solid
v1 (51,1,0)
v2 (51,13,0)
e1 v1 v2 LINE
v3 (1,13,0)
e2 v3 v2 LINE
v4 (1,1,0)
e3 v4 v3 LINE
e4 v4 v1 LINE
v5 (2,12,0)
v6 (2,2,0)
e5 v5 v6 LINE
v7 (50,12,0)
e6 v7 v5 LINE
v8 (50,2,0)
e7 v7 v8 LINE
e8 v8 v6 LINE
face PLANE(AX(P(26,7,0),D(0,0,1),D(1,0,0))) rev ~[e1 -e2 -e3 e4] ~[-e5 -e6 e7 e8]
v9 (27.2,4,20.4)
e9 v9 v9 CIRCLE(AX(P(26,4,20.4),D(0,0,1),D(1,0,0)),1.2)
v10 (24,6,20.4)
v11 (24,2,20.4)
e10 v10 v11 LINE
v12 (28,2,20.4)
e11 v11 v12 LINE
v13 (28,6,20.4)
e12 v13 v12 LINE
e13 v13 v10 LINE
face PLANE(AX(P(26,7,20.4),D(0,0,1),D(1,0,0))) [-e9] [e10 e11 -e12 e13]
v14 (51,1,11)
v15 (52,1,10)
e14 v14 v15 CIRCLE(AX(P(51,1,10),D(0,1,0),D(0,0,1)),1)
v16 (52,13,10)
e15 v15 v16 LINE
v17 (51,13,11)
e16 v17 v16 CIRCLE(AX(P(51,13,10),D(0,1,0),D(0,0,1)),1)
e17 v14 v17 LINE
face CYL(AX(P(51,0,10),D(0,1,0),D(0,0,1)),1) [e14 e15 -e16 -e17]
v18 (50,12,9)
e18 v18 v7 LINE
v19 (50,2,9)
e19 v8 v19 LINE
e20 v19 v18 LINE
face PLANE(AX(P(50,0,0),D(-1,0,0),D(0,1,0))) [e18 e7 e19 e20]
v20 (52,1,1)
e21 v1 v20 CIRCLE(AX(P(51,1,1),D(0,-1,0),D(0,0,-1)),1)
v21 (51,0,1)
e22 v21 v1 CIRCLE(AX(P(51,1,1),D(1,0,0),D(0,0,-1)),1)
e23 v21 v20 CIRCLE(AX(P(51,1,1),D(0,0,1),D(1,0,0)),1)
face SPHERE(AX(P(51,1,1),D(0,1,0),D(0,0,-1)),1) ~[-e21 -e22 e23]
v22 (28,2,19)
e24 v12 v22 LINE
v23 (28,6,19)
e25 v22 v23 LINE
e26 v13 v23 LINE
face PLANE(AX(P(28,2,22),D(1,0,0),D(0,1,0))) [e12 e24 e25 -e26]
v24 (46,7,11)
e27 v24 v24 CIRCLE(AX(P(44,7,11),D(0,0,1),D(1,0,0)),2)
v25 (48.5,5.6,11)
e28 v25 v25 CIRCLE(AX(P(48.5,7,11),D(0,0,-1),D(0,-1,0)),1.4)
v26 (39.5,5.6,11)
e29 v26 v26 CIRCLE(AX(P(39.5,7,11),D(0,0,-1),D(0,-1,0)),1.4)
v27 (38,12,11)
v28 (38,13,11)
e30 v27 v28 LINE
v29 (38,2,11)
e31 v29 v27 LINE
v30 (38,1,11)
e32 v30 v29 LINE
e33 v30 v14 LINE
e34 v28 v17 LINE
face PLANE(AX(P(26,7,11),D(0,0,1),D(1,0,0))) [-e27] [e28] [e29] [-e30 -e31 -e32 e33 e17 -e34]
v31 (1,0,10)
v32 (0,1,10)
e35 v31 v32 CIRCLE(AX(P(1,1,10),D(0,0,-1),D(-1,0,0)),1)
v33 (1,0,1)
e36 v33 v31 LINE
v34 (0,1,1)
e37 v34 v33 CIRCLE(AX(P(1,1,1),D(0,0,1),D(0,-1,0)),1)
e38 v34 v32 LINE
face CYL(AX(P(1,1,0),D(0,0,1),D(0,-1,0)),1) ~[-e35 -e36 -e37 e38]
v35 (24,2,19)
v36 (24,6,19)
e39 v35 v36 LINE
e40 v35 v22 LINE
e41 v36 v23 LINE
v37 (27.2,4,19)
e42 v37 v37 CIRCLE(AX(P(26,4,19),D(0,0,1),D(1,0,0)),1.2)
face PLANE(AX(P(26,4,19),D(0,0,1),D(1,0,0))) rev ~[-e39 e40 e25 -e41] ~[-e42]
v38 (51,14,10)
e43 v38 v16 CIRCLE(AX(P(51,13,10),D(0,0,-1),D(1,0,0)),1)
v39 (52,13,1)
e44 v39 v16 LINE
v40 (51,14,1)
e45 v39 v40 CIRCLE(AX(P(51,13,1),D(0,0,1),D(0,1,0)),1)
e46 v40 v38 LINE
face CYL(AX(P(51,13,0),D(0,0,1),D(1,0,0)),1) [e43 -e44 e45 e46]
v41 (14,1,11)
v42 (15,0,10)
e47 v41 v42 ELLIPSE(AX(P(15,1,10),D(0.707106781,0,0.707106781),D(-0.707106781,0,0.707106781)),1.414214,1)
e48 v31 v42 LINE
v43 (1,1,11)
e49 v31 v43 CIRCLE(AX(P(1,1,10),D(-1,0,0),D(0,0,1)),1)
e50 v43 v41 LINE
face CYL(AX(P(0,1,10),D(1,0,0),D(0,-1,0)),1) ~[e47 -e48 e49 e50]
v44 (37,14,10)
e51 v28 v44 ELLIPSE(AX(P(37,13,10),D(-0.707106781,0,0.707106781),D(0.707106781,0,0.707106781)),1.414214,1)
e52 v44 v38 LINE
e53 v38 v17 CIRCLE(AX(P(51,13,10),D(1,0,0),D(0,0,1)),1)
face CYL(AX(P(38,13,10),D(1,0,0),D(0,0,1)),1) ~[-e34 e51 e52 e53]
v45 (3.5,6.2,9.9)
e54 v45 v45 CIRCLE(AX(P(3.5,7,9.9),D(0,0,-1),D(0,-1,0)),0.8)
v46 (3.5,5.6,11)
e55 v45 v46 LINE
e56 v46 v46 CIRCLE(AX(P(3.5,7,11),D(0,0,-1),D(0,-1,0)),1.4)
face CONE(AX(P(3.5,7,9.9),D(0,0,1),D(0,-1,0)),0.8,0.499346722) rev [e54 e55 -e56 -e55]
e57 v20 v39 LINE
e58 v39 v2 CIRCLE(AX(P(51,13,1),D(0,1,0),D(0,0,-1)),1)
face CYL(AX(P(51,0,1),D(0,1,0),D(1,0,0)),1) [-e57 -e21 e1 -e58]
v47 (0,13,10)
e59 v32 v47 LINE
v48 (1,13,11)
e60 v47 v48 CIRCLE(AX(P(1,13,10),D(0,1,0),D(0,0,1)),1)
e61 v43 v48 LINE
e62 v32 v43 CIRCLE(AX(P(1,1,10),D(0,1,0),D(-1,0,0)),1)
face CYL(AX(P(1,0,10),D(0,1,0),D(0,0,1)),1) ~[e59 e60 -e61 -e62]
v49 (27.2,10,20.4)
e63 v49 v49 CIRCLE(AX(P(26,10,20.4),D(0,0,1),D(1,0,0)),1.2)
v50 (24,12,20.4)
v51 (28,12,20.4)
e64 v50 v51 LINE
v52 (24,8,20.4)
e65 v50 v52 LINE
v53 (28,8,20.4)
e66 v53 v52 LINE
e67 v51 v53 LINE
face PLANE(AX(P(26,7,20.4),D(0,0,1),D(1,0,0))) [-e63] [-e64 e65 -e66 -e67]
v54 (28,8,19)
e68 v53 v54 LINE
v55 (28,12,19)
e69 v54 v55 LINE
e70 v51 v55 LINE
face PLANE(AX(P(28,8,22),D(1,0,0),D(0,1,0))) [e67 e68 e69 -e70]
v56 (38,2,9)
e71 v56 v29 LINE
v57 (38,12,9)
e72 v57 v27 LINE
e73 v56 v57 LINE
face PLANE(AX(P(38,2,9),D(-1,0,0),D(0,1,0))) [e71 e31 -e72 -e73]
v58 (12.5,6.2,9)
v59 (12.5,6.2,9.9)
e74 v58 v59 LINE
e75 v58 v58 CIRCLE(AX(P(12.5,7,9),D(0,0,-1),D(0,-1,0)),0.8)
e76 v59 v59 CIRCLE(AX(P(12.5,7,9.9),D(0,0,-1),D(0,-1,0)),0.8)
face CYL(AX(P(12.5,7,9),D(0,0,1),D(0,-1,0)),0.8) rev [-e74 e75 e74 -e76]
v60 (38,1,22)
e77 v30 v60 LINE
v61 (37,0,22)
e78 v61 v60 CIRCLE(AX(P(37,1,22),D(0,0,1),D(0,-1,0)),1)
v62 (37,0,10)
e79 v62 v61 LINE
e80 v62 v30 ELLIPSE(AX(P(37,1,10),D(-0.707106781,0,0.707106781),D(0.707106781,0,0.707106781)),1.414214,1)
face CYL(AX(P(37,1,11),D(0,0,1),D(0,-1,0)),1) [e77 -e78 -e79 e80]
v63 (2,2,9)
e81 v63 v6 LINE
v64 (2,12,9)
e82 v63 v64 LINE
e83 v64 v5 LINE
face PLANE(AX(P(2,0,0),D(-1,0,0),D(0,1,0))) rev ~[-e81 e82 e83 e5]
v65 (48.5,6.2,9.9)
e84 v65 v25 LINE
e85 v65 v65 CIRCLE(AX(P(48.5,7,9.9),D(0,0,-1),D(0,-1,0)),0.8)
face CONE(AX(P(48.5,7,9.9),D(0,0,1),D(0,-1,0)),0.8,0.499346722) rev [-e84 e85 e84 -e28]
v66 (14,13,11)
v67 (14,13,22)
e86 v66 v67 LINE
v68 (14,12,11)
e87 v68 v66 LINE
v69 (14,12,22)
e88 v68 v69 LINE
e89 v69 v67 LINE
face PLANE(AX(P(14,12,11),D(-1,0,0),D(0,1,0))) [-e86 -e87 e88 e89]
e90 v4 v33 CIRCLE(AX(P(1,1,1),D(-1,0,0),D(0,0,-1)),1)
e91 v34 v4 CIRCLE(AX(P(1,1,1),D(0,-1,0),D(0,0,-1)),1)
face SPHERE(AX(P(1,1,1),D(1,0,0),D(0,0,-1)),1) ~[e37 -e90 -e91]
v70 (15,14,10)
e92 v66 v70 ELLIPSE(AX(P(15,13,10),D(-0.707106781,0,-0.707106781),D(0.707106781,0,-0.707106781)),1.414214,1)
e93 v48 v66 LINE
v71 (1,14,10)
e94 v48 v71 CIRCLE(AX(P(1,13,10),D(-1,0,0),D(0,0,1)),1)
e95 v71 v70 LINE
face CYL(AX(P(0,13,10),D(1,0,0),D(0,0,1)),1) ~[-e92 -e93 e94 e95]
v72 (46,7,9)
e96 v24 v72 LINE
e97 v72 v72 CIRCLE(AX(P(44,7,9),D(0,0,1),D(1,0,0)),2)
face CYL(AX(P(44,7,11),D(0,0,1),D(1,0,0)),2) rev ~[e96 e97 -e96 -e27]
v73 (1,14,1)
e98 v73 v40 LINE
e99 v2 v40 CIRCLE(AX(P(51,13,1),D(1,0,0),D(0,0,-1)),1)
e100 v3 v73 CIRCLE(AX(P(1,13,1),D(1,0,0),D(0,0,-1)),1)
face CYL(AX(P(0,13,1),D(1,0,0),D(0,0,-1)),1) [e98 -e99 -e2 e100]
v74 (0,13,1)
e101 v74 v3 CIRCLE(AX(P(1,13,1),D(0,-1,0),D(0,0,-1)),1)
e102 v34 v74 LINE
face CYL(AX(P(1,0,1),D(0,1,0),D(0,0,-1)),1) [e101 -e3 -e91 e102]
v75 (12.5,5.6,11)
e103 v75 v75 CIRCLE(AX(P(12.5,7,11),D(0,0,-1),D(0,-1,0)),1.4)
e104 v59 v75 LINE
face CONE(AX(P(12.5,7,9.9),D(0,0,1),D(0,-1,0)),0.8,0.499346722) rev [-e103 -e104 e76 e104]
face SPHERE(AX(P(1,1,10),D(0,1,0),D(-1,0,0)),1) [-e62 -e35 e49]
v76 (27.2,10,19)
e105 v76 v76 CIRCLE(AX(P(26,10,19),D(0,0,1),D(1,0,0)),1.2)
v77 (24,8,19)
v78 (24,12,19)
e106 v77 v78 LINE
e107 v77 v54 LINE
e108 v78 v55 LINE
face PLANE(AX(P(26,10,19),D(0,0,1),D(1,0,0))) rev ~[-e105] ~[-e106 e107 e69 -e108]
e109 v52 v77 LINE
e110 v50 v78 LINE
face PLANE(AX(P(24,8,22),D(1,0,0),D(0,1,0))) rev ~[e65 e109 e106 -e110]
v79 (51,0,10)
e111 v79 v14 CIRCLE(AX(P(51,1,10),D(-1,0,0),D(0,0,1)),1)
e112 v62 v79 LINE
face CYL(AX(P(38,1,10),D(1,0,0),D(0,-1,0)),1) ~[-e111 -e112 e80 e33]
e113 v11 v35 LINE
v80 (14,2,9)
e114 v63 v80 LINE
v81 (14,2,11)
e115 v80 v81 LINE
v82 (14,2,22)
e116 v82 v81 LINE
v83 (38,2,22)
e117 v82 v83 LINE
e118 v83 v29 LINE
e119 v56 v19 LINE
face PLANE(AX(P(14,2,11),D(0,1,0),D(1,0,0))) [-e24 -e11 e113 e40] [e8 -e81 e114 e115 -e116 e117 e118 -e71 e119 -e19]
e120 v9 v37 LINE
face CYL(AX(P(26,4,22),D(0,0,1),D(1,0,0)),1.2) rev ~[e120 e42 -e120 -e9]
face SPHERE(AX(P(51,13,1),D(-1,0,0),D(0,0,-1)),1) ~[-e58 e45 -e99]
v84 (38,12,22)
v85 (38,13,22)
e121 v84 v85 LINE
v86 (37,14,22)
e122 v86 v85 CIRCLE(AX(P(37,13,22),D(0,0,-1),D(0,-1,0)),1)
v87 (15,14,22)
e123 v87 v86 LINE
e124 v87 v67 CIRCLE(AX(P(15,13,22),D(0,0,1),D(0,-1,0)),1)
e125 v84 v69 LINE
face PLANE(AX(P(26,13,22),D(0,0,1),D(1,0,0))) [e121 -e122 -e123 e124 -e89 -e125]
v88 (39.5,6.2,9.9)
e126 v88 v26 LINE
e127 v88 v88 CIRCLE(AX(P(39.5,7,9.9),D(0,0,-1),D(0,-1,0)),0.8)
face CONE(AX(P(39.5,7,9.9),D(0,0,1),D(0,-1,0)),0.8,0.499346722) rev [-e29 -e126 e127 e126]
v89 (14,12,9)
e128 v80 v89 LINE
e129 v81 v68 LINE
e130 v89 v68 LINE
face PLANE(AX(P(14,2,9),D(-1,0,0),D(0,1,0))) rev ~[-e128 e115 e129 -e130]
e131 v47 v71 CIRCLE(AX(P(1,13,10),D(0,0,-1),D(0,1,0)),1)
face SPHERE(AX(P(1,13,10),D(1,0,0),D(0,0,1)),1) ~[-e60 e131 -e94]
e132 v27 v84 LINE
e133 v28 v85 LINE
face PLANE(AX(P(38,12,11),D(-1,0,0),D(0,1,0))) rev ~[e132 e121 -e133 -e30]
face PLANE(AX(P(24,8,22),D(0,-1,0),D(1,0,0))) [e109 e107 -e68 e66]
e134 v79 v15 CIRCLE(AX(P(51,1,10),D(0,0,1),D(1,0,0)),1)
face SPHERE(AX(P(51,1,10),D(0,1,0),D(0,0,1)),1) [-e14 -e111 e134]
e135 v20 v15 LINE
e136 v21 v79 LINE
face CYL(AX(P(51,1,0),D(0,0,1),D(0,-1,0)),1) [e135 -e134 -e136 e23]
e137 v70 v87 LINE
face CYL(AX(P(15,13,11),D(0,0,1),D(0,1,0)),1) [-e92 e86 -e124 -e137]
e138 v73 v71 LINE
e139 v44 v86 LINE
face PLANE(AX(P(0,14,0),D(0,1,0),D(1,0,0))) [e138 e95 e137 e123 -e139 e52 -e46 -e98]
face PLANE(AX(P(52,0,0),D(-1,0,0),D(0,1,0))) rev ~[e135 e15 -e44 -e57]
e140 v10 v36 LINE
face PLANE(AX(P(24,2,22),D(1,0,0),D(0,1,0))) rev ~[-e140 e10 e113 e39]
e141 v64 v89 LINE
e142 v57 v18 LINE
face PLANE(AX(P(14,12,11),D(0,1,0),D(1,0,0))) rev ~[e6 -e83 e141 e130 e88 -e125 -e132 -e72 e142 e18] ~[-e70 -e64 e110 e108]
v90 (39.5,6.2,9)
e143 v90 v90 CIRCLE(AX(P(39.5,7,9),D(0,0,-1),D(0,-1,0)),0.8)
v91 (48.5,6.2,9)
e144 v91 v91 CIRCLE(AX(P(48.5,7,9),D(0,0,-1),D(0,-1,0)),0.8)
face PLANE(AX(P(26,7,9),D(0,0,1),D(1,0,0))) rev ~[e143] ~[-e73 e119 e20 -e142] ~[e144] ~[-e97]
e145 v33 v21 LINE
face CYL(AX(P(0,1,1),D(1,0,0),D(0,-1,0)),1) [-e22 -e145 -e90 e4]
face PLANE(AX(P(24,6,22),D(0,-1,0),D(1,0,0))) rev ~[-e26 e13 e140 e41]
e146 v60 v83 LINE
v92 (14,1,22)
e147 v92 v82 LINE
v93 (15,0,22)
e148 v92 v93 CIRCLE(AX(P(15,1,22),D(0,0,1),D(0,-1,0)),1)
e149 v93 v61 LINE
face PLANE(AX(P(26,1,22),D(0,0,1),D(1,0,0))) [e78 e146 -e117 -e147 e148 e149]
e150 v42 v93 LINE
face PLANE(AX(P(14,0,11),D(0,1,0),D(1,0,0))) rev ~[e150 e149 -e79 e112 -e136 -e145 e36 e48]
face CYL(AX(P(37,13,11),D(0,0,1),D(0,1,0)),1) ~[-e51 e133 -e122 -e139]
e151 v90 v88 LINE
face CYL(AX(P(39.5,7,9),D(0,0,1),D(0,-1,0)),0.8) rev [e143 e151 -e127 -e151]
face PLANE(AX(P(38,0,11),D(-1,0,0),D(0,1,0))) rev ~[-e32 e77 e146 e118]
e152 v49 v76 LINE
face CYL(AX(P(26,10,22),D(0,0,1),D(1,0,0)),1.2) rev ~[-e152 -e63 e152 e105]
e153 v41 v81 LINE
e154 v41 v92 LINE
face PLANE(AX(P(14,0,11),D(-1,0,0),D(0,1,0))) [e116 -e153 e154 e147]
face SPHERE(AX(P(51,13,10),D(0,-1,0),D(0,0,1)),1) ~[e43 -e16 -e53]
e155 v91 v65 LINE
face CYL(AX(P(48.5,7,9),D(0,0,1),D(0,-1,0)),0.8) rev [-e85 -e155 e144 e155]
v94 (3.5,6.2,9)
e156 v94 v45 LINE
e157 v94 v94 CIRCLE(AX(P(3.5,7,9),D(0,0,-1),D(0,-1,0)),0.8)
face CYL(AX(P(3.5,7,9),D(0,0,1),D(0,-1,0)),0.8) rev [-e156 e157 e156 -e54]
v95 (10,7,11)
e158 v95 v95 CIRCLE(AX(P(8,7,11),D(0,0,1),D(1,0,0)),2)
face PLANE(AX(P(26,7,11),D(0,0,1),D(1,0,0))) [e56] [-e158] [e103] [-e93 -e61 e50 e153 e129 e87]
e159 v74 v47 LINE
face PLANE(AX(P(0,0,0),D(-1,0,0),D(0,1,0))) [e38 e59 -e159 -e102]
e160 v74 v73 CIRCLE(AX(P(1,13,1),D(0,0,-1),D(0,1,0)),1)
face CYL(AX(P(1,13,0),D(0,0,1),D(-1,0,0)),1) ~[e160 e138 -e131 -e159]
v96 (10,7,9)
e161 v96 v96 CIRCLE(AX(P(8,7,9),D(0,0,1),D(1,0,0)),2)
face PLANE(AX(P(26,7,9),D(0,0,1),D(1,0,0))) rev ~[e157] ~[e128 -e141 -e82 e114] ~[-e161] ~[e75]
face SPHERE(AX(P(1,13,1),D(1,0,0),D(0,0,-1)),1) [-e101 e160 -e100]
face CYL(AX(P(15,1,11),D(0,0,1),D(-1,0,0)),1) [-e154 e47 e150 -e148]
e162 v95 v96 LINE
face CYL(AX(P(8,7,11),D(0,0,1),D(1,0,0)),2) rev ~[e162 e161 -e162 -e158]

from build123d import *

# Parameters (mm, degrees)
SKETCH_1_W           = 52
SKETCH_1_H           = 14
EXTRUDE_1_DEPTH      = 11
SHELL_1_T            = -2
SKETCH_2_W           = 24
SKETCH_2_H           = 10
CUT_EXTRUDE_1_DEPTH  = 2
SKETCH_3_W           = 24
SKETCH_3_H           = 2
EXTRUDE_2_DEPTH      = 11
SKETCH_8_R           = 2
CUT_EXTRUDE_5_DEPTH  = 2
SKETCH_15_W          = 4
SKETCH_15_H          = 4
EXTRUDE_4_DEPTH      = 3
SKETCH_16_R          = 1.2
CUT_EXTRUDE_10_DEPTH = 10
FILLET_1_R           = 1
SKETCH_17_W          = 24
SKETCH_17_H          = 10
CUT_EXTRUDE_11_DEPTH = 1.6


with BuildPart() as part:
    # 草图1 → 凸台-拉伸1 (new body)
    with BuildSketch(Plane.XY):
        with Locations((26, 7)):
            Rectangle(SKETCH_1_W, SKETCH_1_H)
    extrude(amount=EXTRUDE_1_DEPTH)

    # 抽壳1
    shell_1_openings = [part.faces().sort_by_distance(p)[0] for p in [
        (26, 7, 0),
    ]]
    offset(amount=SHELL_1_T, openings=shell_1_openings, kind=Kind.INTERSECTION)

    # 草图2 → 切除-拉伸1 (cut)
    with BuildSketch(Plane(origin=(0, 0, 9), x_dir=(-1, 0, 0), z_dir=(0, 0, -1))):
        with Locations((-26, 7)):
            Rectangle(SKETCH_2_W, SKETCH_2_H)
    extrude(amount=-CUT_EXTRUDE_1_DEPTH, mode=Mode.SUBTRACT)

    # 草图3 → 凸台-拉伸2 (add)
    with BuildSketch(Plane.XY.offset(11)):
        with Locations((26, 1)):
            Rectangle(SKETCH_3_W, SKETCH_3_H)
        with Locations((26, 13)):
            Rectangle(SKETCH_3_W, SKETCH_3_H)
    extrude(amount=EXTRUDE_2_DEPTH)

    # 草图8 → 切除-拉伸5 (cut)
    with BuildSketch(Plane.XY.offset(11)):
        with Locations((8, 7)):
            Circle(SKETCH_8_R)
        with Locations((44, 7)):
            Circle(SKETCH_8_R)
    extrude(amount=-CUT_EXTRUDE_5_DEPTH, mode=Mode.SUBTRACT)

    # 草图15 → 凸台-拉伸4 (add)
    with BuildSketch(Plane.XY.offset(22)):
        with Locations((26, 4)):
            Rectangle(SKETCH_15_W, SKETCH_15_H)
        with Locations((26, 10)):
            Rectangle(SKETCH_15_W, SKETCH_15_H)
    extrude(amount=-EXTRUDE_4_DEPTH)

    # 草图19 → 切除-旋转6 (revolve, cut)
    with BuildSketch(Plane(origin=(0, 7, 0), x_dir=(1, 0, 0), z_dir=(0, 1, 0)), mode=Mode.PRIVATE) as cut_revolve_6_sk:
        Polygon((2.1, -11), (3.5, -11), (3.5, -9), (2.7, -9), (2.7, -9.9), align=None)
    revolve(cut_revolve_6_sk.sketch.rotate(Axis((3.5, 7, 11), (0, 0, -1)), 270), axis=Axis((3.5, 7, 11), (0, 0, -1)), mode=Mode.SUBTRACT)

    # 草图20 → 切除-旋转7 (revolve, cut)
    with BuildSketch(Plane(origin=(0, 7, 0), x_dir=(1, 0, 0), z_dir=(0, 1, 0)), mode=Mode.PRIVATE) as cut_revolve_7_sk:
        Polygon((11.1, -11), (12.5, -11), (12.5, -9), (11.7, -9), (11.7, -9.9), align=None)
    revolve(cut_revolve_7_sk.sketch.rotate(Axis((12.5, 7, 11), (0, 0, -1)), 270), axis=Axis((12.5, 7, 11), (0, 0, -1)), mode=Mode.SUBTRACT)

    # 草图21 → 切除-旋转8 (revolve, cut)
    with BuildSketch(Plane(origin=(0, 7, 0), x_dir=(1, 0, 0), z_dir=(0, 1, 0)), mode=Mode.PRIVATE) as cut_revolve_8_sk:
        Polygon((38.1, -11), (39.5, -11), (39.5, -9), (38.7, -9), (38.7, -9.9), align=None)
    revolve(cut_revolve_8_sk.sketch.rotate(Axis((39.5, 7, 11), (0, 0, -1)), 270), axis=Axis((39.5, 7, 11), (0, 0, -1)), mode=Mode.SUBTRACT)

    # 草图22 → 切除-旋转9 (revolve, cut)
    with BuildSketch(Plane(origin=(0, 7, 0), x_dir=(1, 0, 0), z_dir=(0, 1, 0)), mode=Mode.PRIVATE) as cut_revolve_9_sk:
        Polygon((47.1, -11), (48.5, -11), (48.5, -9), (47.7, -9), (47.7, -9.9), align=None)
    revolve(cut_revolve_9_sk.sketch.rotate(Axis((48.5, 7, 11), (0, 0, -1)), 270), axis=Axis((48.5, 7, 11), (0, 0, -1)), mode=Mode.SUBTRACT)

    # 草图16 → 切除-拉伸10 (cut)
    with BuildSketch(Plane.XY.offset(22)):
        with Locations((26, 10)):
            Circle(SKETCH_16_R)
        with Locations((26, 4)):
            Circle(SKETCH_16_R)
    extrude(amount=-CUT_EXTRUDE_10_DEPTH, mode=Mode.SUBTRACT)

    # 圆角1
    fillet_1_edges = [part.edges().sort_by_distance(p)[0] for p in [
        (52, 7, 11),
        (45, 14, 11),
        (45, 0, 11),
        (7, 14, 11),
        (38, 0, 16.5),
        (14, 0, 16.5),
        (0, 7, 11),
        (26, 14, 0),
        (14, 14, 16.5),
        (38, 14, 16.5),
        (52, 7, 0),
        (26, 0, 0),
        (0, 7, 0),
        (0, 14, 5.5),
        (52, 14, 5.5),
        (52, 0, 5.5),
        (0, 0, 5.5),
        (7, 0, 11),
    ]]
    fillet(fillet_1_edges, radius=FILLET_1_R)

    # 草图17 → 切除-拉伸11 (cut)
    with BuildSketch(Plane.XY.offset(22)):
        with Locations((26, 7)):
            Rectangle(SKETCH_17_W, SKETCH_17_H)
    extrude(amount=-CUT_EXTRUDE_11_DEPTH, mode=Mode.SUBTRACT)


solid = part.part
